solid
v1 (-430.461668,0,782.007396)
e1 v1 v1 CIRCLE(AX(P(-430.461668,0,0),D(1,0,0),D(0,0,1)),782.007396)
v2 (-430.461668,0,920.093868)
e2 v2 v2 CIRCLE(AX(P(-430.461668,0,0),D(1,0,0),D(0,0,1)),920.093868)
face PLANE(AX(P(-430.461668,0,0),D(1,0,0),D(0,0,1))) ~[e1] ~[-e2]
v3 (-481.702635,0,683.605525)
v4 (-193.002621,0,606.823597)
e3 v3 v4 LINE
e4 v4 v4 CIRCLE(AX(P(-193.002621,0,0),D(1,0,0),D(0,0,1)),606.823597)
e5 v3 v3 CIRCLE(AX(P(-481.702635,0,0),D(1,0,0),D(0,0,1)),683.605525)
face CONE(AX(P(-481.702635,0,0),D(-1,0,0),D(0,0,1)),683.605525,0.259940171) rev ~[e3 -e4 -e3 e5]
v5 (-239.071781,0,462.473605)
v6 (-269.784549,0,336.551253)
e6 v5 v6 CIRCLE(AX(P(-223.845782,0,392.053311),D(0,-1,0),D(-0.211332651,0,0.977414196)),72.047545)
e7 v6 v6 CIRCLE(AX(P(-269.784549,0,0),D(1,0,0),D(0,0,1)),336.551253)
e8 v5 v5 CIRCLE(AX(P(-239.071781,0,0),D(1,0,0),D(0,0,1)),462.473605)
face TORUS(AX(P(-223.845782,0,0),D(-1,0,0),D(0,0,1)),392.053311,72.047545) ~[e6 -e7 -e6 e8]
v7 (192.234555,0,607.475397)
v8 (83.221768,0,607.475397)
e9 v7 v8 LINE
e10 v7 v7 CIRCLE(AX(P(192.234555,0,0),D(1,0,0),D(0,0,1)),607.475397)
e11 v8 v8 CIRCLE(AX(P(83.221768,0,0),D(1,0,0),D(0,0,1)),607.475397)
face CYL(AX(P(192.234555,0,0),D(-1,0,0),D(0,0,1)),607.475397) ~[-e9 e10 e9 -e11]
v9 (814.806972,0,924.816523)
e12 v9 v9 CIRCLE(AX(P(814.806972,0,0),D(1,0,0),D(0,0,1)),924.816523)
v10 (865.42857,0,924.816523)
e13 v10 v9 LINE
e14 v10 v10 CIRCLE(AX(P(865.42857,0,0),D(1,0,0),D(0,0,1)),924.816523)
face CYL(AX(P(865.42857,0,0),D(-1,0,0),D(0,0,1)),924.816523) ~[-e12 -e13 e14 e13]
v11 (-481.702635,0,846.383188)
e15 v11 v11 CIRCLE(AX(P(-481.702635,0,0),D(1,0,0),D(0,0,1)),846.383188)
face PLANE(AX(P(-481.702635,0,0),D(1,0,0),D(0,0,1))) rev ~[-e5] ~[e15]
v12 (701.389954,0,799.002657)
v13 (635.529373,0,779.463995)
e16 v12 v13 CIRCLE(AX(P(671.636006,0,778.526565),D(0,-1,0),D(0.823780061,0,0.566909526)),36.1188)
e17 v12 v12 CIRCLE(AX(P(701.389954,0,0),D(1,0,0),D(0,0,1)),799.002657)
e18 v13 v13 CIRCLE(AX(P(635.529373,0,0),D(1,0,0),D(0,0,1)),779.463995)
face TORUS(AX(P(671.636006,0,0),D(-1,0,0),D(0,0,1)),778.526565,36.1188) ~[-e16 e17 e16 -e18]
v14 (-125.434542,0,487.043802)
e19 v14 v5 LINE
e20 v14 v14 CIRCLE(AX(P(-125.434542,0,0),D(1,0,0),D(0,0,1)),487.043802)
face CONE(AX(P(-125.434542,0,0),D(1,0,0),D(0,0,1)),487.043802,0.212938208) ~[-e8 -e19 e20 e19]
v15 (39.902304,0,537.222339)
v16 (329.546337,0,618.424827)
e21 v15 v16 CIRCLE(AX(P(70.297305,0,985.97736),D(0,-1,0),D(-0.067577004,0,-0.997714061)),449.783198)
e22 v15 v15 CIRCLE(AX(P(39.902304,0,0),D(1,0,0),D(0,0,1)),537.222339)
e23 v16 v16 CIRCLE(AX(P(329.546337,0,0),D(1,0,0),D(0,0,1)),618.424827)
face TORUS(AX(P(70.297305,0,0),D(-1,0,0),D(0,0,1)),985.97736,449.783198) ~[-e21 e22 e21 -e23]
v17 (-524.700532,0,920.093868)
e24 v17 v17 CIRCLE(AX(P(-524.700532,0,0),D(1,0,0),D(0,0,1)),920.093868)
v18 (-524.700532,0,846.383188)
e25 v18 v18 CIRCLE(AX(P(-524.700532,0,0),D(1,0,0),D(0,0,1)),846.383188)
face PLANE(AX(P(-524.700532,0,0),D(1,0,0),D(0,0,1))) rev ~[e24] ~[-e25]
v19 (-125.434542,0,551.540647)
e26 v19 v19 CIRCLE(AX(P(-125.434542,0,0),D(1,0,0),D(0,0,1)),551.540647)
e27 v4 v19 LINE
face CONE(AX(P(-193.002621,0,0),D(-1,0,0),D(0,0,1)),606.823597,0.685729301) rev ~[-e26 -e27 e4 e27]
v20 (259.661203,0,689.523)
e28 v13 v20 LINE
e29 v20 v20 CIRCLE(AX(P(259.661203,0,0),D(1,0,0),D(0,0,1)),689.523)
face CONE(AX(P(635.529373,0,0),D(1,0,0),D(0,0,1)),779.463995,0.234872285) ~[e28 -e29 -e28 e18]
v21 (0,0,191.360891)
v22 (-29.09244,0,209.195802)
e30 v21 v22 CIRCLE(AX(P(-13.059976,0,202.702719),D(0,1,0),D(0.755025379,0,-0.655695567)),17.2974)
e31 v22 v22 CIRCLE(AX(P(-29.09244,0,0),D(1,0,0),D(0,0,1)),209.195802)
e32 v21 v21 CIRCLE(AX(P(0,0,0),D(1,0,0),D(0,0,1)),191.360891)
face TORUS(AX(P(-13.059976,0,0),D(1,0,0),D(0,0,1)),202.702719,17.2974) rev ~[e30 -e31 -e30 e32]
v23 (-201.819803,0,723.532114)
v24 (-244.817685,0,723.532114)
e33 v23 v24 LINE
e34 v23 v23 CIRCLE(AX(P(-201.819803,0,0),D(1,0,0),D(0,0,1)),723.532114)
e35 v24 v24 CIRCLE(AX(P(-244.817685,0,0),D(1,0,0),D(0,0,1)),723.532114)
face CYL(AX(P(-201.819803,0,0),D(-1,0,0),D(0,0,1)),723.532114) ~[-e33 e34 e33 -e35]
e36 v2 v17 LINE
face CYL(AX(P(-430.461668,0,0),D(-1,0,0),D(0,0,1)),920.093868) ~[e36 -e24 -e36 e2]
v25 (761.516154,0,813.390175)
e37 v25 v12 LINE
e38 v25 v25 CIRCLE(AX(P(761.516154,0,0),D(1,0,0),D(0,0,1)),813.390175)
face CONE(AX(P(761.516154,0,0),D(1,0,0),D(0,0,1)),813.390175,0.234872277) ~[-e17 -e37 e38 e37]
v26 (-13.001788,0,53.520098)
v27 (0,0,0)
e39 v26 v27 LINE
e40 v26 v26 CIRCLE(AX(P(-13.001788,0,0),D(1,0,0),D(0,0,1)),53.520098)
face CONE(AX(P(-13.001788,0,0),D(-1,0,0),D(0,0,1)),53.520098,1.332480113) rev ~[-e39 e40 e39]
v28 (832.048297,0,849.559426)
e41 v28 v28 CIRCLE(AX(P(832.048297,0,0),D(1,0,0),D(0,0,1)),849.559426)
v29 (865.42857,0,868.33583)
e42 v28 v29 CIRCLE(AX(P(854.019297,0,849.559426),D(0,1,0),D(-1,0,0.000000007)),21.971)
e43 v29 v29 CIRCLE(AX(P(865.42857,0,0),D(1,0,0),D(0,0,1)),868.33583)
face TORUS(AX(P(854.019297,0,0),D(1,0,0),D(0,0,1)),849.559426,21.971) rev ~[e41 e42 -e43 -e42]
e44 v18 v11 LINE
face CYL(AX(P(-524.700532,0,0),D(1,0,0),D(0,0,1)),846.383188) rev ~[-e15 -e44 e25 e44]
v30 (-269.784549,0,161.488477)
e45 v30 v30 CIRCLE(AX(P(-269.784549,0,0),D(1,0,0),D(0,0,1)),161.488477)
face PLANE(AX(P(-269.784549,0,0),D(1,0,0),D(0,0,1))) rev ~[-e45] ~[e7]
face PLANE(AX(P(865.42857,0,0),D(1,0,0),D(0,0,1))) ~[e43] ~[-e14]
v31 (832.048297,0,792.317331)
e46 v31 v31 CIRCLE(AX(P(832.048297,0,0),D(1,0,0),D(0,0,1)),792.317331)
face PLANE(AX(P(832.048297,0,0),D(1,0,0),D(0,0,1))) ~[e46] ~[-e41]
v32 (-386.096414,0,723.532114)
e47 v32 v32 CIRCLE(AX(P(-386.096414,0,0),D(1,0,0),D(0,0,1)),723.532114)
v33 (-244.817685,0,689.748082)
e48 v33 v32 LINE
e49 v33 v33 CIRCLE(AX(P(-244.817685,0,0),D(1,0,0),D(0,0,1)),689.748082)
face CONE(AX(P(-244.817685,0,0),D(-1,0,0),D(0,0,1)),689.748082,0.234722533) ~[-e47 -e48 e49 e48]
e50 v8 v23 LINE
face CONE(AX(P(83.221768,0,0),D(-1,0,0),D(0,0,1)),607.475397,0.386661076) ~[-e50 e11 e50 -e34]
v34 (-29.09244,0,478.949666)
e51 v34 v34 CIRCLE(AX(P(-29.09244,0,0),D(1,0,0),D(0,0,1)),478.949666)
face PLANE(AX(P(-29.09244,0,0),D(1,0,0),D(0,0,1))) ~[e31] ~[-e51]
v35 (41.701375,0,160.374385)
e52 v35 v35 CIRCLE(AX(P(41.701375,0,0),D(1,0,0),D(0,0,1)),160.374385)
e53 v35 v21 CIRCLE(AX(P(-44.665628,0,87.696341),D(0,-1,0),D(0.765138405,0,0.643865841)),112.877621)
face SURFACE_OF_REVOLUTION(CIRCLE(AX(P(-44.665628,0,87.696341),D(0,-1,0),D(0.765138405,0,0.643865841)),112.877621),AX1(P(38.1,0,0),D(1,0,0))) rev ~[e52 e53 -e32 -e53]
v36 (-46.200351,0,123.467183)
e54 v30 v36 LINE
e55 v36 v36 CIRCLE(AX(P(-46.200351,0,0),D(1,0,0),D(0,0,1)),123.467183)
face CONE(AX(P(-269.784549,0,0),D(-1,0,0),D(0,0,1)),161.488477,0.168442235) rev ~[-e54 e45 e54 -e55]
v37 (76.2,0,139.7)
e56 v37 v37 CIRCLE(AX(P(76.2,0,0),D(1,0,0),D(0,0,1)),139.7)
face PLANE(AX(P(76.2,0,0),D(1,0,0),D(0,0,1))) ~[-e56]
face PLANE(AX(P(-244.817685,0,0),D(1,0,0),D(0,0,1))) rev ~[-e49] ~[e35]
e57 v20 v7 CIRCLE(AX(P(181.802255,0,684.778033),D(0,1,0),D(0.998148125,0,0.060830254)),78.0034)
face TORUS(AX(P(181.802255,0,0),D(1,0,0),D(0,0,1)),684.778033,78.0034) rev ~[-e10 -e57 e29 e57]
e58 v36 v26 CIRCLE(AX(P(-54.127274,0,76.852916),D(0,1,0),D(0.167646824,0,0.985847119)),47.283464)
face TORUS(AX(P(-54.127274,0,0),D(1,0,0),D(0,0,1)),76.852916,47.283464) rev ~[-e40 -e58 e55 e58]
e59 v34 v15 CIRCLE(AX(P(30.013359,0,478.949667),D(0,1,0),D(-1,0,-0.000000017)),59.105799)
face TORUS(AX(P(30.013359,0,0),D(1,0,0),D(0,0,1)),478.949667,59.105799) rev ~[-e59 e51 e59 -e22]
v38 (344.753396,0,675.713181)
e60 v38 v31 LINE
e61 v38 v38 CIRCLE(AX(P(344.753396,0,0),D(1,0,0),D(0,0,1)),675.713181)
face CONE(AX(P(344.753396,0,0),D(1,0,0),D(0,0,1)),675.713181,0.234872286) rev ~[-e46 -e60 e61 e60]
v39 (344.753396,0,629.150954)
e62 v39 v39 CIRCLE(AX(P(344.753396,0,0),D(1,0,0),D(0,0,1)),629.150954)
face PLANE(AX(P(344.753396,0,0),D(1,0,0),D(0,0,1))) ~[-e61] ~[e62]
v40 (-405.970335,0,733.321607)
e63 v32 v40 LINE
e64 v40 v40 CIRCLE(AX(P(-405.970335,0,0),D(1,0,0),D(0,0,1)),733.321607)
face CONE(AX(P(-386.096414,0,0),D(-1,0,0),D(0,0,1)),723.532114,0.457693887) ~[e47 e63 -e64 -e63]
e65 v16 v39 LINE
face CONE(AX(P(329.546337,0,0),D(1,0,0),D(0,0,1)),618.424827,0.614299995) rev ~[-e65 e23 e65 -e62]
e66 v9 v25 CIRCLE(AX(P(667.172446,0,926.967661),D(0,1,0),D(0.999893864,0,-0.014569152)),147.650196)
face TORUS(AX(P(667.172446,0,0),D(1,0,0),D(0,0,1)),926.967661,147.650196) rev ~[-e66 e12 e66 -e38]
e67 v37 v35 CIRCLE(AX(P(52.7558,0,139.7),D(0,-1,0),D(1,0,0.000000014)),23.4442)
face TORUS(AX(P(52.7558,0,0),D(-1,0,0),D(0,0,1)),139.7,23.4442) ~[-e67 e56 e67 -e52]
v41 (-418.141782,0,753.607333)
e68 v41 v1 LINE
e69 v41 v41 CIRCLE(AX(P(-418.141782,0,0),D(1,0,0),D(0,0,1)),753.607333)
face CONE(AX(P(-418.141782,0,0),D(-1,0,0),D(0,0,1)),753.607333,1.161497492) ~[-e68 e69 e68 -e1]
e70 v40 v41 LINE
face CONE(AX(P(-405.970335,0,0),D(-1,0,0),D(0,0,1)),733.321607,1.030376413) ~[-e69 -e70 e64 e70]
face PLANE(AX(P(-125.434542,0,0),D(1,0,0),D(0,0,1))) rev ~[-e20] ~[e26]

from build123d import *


with BuildPart() as f1:
    # F0 (on Front) → F1 (revolve)
    with BuildSketch(Plane.XZ):
        with BuildLine():
            Line((-13.001788, 53.520098), (0, 0))
            Line((0, 0), (76.2, 0))
            Line((76.2, 0), (76.2, 139.7))
            ThreePointArc((76.2, 139.7), (64.807114, 159.809608), (41.701375, 160.374385))
            ThreePointArc((41.701375, 160.374385), (22.657685, 178.29948), (0, 191.360891))
            ThreePointArc((0, 191.360891), (-22.100437, 187.955852), (-29.09244, 209.195802))
            Line((-29.09244, 209.195802), (-29.09244, 478.949666))
            ThreePointArc((-29.09244, 478.949666), (-8.124559, 524.104896), (39.902304, 537.222339))
            ThreePointArc((39.902304, 537.222339), (191.713955, 552.892008), (329.546337, 618.424827))
            Line((329.546337, 618.424827), (344.753396, 629.150954))
            Line((344.753396, 629.150954), (344.753396, 675.713181))
            Line((344.753396, 675.713181), (832.048297, 792.317331))
            Line((832.048297, 792.317331), (832.048297, 849.559426))
            ThreePointArc((832.048297, 849.559426), (843.247767, 868.708812), (865.42857, 868.33583))
            Line((865.42857, 868.33583), (865.42857, 924.816523))
            Line((865.42857, 924.816523), (814.806972, 924.816523))
            ThreePointArc((814.806972, 924.816523), (800.372762, 863.263215), (761.516154, 813.390175))
            Line((761.516154, 813.390175), (701.389954, 799.002657))
            ThreePointArc((701.389954, 799.002657), (661.363276, 813.153704), (635.529373, 779.463995))
            Line((635.529373, 779.463995), (259.661203, 689.523))
            ThreePointArc((259.661203, 689.523), (242.066576, 635.252867), (192.234555, 607.475397))
            Line((192.234555, 607.475397), (83.221768, 607.475397))
            Line((83.221768, 607.475397), (-201.819803, 723.532114))
            Line((-201.819803, 723.532114), (-244.817685, 723.532114))
            Line((-244.817685, 723.532114), (-244.817685, 689.748082))
            Line((-244.817685, 689.748082), (-386.096414, 723.532114))
            Line((-386.096414, 723.532114), (-405.970335, 733.321607))
            Line((-405.970335, 733.321607), (-418.141782, 753.607333))
            Line((-418.141782, 753.607333), (-430.461668, 782.007396))
            Line((-430.461668, 782.007396), (-430.461668, 800.314043))
            Line((-430.461668, 800.314043), (-430.461668, 920.093868))
            Line((-430.461668, 920.093868), (-524.700532, 920.093868))
            Line((-524.700532, 920.093868), (-524.700532, 846.383188))
            Line((-524.700532, 846.383188), (-481.702635, 846.383188))
            Line((-481.702635, 846.383188), (-481.702635, 683.605525))
            Line((-481.702635, 683.605525), (-193.002621, 606.823597))
            Line((-193.002621, 606.823597), (-125.434542, 551.540647))
            Line((-125.434542, 551.540647), (-125.434542, 487.043802))
            Line((-125.434542, 487.043802), (-239.071781, 462.473605))
            ThreePointArc((-239.071781, 462.473605), (-293.841438, 409.125422), (-269.784549, 336.551253))
            Line((-269.784549, 336.551253), (-269.784549, 161.488477))
            Line((-269.784549, 161.488477), (-46.200351, 123.467183))
            ThreePointArc((-46.200351, 123.467183), (-11.410961, 97.127102), (-13.001788, 53.520098))
        make_face()
    revolve(axis=Axis((38.1, 0, 0), (1, 0, 0)))


solid = f1.part
